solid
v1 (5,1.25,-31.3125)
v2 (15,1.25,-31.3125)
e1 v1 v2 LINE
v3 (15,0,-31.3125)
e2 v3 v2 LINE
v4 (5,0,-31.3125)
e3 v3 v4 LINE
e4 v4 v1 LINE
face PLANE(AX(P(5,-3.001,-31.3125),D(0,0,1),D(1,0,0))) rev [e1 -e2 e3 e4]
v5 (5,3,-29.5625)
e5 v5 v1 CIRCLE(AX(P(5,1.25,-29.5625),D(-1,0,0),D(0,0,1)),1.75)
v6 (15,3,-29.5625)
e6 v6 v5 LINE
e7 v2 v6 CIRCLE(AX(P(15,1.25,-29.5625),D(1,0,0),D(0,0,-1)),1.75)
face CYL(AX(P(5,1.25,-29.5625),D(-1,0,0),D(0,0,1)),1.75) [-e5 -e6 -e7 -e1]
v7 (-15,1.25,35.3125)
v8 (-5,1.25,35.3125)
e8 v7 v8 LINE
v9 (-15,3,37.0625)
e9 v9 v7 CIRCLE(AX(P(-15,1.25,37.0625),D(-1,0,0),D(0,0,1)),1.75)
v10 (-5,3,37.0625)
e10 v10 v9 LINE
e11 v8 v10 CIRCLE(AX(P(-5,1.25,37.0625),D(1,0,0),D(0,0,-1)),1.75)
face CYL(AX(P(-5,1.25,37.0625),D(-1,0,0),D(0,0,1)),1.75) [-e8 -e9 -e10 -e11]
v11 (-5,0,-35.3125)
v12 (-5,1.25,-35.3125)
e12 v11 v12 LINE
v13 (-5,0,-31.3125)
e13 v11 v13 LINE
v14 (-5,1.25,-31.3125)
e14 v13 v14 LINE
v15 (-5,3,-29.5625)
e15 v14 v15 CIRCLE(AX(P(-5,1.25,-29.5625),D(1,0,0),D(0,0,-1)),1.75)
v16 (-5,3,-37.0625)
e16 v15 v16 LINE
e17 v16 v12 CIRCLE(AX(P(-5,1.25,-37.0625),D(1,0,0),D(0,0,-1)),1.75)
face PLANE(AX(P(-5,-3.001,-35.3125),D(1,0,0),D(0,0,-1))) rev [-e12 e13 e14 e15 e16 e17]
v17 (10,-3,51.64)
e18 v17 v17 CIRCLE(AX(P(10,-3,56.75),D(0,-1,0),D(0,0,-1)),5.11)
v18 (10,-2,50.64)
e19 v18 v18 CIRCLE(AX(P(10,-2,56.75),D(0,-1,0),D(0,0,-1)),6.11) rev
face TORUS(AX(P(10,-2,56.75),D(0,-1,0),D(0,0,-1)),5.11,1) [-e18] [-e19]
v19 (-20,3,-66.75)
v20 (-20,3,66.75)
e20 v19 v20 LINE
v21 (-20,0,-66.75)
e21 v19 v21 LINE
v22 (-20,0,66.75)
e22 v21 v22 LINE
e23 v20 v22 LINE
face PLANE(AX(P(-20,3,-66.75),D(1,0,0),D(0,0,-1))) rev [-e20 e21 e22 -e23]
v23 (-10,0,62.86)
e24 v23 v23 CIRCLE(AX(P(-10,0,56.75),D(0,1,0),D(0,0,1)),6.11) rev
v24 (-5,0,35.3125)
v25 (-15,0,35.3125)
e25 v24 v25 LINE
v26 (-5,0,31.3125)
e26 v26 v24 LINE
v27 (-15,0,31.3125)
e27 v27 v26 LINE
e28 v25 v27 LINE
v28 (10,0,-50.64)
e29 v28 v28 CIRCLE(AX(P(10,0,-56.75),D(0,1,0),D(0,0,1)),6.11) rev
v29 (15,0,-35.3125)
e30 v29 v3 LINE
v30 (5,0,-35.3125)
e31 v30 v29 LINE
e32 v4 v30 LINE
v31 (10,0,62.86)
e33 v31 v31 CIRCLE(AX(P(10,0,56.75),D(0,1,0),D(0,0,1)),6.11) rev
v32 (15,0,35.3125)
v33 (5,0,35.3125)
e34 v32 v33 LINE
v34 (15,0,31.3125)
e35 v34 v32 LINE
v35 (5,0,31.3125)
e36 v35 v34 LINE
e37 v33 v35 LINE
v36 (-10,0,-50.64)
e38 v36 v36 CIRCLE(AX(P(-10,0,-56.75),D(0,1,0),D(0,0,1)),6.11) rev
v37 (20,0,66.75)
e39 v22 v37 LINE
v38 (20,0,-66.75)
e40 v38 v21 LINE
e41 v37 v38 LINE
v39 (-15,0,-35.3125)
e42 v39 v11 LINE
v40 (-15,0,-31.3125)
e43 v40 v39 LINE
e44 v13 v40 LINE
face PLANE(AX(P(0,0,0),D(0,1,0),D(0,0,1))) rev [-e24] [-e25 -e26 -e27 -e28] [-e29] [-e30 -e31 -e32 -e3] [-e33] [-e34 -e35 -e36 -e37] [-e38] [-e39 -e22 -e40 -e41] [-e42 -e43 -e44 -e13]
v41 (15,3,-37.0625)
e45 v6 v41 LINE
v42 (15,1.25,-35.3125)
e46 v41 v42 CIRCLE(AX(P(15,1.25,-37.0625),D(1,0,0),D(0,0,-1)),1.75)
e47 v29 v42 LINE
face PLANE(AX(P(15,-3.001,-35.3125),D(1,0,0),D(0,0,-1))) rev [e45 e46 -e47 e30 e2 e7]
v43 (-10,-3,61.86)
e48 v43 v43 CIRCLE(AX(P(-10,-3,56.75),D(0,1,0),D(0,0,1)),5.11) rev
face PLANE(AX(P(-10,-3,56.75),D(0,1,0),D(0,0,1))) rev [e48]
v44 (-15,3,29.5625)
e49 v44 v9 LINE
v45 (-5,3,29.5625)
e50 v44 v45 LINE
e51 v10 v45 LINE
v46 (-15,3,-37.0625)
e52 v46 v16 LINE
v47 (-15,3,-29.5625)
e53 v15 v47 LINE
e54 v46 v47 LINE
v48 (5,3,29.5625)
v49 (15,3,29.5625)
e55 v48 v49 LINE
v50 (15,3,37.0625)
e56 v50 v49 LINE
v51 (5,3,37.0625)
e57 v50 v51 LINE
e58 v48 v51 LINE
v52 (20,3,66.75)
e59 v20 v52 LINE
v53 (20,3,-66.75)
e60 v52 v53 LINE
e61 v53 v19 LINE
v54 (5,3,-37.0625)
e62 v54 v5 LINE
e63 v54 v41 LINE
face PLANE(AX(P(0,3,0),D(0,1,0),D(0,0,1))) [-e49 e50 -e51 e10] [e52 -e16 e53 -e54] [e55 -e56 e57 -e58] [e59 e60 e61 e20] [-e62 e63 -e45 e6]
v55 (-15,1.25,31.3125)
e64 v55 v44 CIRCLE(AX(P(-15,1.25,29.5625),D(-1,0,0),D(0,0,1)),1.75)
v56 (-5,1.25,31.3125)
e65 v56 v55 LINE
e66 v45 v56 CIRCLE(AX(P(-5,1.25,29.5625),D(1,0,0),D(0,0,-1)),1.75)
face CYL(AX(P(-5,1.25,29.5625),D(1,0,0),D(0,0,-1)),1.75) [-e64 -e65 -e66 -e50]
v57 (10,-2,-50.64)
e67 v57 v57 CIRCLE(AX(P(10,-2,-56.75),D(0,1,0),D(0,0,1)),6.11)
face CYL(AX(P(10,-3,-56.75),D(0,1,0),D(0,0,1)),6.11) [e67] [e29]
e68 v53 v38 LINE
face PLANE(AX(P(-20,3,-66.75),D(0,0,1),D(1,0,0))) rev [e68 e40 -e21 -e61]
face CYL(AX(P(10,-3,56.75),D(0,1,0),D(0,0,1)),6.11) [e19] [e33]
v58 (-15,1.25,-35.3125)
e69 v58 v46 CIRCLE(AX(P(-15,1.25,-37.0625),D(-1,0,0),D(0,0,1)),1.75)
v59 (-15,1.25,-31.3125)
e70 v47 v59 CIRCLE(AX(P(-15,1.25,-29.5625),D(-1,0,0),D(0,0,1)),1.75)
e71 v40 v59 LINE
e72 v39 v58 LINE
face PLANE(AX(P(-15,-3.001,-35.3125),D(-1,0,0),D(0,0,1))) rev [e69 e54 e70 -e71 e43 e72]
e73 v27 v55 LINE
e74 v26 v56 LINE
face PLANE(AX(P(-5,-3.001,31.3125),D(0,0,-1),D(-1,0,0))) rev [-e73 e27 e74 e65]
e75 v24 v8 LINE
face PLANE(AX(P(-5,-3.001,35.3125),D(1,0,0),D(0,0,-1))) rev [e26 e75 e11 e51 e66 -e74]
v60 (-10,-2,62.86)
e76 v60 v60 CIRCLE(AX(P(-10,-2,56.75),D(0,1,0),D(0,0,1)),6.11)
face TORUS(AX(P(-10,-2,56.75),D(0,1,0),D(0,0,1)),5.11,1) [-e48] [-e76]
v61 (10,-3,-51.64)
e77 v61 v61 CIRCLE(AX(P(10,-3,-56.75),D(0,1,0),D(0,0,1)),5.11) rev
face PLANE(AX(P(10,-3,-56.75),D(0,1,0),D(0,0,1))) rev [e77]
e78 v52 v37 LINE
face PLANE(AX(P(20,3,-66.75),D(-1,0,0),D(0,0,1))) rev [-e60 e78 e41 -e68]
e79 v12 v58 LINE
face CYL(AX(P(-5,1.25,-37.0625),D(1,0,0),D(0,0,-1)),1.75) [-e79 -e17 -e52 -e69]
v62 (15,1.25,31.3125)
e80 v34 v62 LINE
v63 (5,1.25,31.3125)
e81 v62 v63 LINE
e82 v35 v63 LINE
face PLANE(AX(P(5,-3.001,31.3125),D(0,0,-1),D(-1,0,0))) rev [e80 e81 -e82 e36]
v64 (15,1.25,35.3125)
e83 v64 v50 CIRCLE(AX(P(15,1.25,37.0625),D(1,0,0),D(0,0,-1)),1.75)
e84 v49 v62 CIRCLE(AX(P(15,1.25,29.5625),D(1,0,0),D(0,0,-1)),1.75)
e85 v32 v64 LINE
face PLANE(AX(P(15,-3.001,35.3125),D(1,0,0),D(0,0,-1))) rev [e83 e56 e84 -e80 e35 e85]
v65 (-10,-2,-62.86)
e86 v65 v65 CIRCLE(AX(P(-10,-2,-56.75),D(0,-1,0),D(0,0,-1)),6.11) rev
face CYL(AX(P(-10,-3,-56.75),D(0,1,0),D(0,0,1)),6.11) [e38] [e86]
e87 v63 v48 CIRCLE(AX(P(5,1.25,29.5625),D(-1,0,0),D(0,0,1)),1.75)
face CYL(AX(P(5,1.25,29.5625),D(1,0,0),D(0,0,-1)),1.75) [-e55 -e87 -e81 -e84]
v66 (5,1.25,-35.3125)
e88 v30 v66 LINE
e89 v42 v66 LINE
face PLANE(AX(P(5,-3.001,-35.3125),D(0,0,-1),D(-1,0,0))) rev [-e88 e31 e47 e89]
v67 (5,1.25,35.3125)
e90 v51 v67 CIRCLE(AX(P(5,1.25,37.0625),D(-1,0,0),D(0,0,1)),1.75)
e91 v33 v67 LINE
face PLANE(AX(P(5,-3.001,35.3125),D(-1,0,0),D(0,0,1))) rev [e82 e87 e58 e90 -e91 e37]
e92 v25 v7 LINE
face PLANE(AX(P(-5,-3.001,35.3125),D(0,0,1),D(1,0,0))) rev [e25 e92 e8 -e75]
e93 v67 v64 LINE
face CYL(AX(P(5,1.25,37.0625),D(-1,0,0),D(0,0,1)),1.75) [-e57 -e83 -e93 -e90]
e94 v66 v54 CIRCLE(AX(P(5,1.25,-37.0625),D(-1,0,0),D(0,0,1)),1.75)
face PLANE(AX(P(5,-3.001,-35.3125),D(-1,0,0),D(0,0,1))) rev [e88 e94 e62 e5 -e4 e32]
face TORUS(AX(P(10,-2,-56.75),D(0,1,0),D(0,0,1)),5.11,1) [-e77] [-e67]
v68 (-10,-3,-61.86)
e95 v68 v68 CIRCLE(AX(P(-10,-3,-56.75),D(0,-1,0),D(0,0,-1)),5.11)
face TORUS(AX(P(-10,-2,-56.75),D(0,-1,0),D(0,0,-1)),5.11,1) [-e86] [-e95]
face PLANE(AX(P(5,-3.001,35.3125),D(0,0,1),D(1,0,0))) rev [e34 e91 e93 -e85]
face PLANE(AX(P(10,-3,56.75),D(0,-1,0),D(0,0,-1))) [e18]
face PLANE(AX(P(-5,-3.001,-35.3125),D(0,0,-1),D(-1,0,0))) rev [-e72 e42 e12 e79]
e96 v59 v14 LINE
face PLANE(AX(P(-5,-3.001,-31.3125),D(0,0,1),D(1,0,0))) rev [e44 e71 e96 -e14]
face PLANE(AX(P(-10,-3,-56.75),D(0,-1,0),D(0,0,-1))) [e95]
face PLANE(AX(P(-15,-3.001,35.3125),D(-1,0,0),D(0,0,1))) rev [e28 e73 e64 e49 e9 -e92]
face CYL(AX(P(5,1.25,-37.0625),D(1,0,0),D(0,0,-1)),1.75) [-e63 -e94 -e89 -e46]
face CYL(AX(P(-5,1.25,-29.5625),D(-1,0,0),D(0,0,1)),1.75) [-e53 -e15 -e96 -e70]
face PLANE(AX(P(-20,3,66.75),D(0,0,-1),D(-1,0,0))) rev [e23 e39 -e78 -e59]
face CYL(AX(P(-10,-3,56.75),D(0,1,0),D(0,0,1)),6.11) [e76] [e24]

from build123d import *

# Parameters (mm, degrees)
SKETCH1_W           = 40
SKETCH1_H           = 133.5
BOSS_EXTRUDE1_DEPTH = 3
SKETCH2_R           = 6.11
BOSS_EXTRUDE2_DEPTH = 3
CUT_EXTRUDE1_REACH  = 71.94
SKETCH3_W           = 10
SKETCH3_H           = 4
FILLET2_R           = 1.75
FILLET3_R           = 1


with BuildPart() as part:
    # Sketch1 → Boss-Extrude1 (new body)
    with BuildSketch(Plane(origin=(0, 0, 0), x_dir=(1, 0, 0), z_dir=(0, 1, 0))):
        Rectangle(SKETCH1_W, SKETCH1_H)
    extrude(amount=BOSS_EXTRUDE1_DEPTH)

    # Sketch2 → Boss-Extrude2 (add)
    with BuildSketch(Plane.XZ):
        with Locations(Location((10, 56.75, 0), (0, 0, 90))):
            Circle(SKETCH2_R)
        with Locations(Location((-10, 56.75, 0), (0, 0, 90))):
            Circle(SKETCH2_R)
        with Locations(Location((-10, -56.75, 0), (0, 0, 90))):
            Circle(SKETCH2_R)
        with Locations(Location((10, -56.75, 0), (0, 0, 90))):
            Circle(SKETCH2_R)
    extrude(amount=BOSS_EXTRUDE2_DEPTH)

    # Sketch3 → Cut-Extrude1 (cut, up to next)
    with BuildSketch(Plane(origin=(0, 3, 0), x_dir=(1, 0, 0), z_dir=(0, 1, 0)), mode=Mode.PRIVATE) as cut_extrude1_sk1:
        with Locations((10, 33.3125)):
            Rectangle(SKETCH3_W, SKETCH3_H)
    cut_extrude1_tool1 = extrude(cut_extrude1_sk1.sketch, amount=-CUT_EXTRUDE1_REACH, mode=Mode.PRIVATE) & part.part
    # Sketch3 → Cut-Extrude1 (cut, up to next)
    with BuildSketch(Plane(origin=(0, 3, 0), x_dir=(1, 0, 0), z_dir=(0, 1, 0)), mode=Mode.PRIVATE) as cut_extrude1_sk2:
        with Locations((-10, 33.3125)):
            Rectangle(SKETCH3_W, SKETCH3_H)
    cut_extrude1_tool2 = extrude(cut_extrude1_sk2.sketch, amount=-CUT_EXTRUDE1_REACH, mode=Mode.PRIVATE) & part.part
    # Sketch3 → Cut-Extrude1 (cut, up to next)
    with BuildSketch(Plane(origin=(0, 3, 0), x_dir=(1, 0, 0), z_dir=(0, 1, 0)), mode=Mode.PRIVATE) as cut_extrude1_sk3:
        with Locations((-10, -33.3125)):
            Rectangle(SKETCH3_W, SKETCH3_H)
    cut_extrude1_tool3 = extrude(cut_extrude1_sk3.sketch, amount=-CUT_EXTRUDE1_REACH, mode=Mode.PRIVATE) & part.part
    # Sketch3 → Cut-Extrude1 (cut, up to next)
    with BuildSketch(Plane(origin=(0, 3, 0), x_dir=(1, 0, 0), z_dir=(0, 1, 0)), mode=Mode.PRIVATE) as cut_extrude1_sk4:
        with Locations((10, -33.3125)):
            Rectangle(SKETCH3_W, SKETCH3_H)
    cut_extrude1_tool4 = extrude(cut_extrude1_sk4.sketch, amount=-CUT_EXTRUDE1_REACH, mode=Mode.PRIVATE) & part.part
    add(cut_extrude1_tool1.solids().sort_by_distance((10, 3, -33.3125))[0], mode=Mode.SUBTRACT)
    add(cut_extrude1_tool2.solids().sort_by_distance((-10, 3, -33.3125))[0], mode=Mode.SUBTRACT)
    add(cut_extrude1_tool3.solids().sort_by_distance((-10, 3, 33.3125))[0], mode=Mode.SUBTRACT)
    add(cut_extrude1_tool4.solids().sort_by_distance((10, 3, 33.3125))[0], mode=Mode.SUBTRACT)

    # Fillet2
    fillet2_edges = [part.edges().sort_by_distance(p)[0] for p in [
        (10, 3, 35.3125),
        (10, 3, 31.3125),
        (-10, 3, 35.3125),
        (-10, 3, 31.3125),
        (-10, 3, -35.3125),
        (-10, 3, -31.3125),
        (10, 3, -35.3125),
        (10, 3, -31.3125),
    ]]
    fillet(fillet2_edges, radius=FILLET2_R)

    # Fillet3
    fillet3_edges = [part.edges().sort_by_distance(p)[0] for p in [
        (10, -3, -62.86),
        (-10, -3, -62.86),
        (-10, -3, 50.64),
        (10, -3, 50.64),
    ]]
    fillet(fillet3_edges, radius=FILLET3_R)


solid = part.part
